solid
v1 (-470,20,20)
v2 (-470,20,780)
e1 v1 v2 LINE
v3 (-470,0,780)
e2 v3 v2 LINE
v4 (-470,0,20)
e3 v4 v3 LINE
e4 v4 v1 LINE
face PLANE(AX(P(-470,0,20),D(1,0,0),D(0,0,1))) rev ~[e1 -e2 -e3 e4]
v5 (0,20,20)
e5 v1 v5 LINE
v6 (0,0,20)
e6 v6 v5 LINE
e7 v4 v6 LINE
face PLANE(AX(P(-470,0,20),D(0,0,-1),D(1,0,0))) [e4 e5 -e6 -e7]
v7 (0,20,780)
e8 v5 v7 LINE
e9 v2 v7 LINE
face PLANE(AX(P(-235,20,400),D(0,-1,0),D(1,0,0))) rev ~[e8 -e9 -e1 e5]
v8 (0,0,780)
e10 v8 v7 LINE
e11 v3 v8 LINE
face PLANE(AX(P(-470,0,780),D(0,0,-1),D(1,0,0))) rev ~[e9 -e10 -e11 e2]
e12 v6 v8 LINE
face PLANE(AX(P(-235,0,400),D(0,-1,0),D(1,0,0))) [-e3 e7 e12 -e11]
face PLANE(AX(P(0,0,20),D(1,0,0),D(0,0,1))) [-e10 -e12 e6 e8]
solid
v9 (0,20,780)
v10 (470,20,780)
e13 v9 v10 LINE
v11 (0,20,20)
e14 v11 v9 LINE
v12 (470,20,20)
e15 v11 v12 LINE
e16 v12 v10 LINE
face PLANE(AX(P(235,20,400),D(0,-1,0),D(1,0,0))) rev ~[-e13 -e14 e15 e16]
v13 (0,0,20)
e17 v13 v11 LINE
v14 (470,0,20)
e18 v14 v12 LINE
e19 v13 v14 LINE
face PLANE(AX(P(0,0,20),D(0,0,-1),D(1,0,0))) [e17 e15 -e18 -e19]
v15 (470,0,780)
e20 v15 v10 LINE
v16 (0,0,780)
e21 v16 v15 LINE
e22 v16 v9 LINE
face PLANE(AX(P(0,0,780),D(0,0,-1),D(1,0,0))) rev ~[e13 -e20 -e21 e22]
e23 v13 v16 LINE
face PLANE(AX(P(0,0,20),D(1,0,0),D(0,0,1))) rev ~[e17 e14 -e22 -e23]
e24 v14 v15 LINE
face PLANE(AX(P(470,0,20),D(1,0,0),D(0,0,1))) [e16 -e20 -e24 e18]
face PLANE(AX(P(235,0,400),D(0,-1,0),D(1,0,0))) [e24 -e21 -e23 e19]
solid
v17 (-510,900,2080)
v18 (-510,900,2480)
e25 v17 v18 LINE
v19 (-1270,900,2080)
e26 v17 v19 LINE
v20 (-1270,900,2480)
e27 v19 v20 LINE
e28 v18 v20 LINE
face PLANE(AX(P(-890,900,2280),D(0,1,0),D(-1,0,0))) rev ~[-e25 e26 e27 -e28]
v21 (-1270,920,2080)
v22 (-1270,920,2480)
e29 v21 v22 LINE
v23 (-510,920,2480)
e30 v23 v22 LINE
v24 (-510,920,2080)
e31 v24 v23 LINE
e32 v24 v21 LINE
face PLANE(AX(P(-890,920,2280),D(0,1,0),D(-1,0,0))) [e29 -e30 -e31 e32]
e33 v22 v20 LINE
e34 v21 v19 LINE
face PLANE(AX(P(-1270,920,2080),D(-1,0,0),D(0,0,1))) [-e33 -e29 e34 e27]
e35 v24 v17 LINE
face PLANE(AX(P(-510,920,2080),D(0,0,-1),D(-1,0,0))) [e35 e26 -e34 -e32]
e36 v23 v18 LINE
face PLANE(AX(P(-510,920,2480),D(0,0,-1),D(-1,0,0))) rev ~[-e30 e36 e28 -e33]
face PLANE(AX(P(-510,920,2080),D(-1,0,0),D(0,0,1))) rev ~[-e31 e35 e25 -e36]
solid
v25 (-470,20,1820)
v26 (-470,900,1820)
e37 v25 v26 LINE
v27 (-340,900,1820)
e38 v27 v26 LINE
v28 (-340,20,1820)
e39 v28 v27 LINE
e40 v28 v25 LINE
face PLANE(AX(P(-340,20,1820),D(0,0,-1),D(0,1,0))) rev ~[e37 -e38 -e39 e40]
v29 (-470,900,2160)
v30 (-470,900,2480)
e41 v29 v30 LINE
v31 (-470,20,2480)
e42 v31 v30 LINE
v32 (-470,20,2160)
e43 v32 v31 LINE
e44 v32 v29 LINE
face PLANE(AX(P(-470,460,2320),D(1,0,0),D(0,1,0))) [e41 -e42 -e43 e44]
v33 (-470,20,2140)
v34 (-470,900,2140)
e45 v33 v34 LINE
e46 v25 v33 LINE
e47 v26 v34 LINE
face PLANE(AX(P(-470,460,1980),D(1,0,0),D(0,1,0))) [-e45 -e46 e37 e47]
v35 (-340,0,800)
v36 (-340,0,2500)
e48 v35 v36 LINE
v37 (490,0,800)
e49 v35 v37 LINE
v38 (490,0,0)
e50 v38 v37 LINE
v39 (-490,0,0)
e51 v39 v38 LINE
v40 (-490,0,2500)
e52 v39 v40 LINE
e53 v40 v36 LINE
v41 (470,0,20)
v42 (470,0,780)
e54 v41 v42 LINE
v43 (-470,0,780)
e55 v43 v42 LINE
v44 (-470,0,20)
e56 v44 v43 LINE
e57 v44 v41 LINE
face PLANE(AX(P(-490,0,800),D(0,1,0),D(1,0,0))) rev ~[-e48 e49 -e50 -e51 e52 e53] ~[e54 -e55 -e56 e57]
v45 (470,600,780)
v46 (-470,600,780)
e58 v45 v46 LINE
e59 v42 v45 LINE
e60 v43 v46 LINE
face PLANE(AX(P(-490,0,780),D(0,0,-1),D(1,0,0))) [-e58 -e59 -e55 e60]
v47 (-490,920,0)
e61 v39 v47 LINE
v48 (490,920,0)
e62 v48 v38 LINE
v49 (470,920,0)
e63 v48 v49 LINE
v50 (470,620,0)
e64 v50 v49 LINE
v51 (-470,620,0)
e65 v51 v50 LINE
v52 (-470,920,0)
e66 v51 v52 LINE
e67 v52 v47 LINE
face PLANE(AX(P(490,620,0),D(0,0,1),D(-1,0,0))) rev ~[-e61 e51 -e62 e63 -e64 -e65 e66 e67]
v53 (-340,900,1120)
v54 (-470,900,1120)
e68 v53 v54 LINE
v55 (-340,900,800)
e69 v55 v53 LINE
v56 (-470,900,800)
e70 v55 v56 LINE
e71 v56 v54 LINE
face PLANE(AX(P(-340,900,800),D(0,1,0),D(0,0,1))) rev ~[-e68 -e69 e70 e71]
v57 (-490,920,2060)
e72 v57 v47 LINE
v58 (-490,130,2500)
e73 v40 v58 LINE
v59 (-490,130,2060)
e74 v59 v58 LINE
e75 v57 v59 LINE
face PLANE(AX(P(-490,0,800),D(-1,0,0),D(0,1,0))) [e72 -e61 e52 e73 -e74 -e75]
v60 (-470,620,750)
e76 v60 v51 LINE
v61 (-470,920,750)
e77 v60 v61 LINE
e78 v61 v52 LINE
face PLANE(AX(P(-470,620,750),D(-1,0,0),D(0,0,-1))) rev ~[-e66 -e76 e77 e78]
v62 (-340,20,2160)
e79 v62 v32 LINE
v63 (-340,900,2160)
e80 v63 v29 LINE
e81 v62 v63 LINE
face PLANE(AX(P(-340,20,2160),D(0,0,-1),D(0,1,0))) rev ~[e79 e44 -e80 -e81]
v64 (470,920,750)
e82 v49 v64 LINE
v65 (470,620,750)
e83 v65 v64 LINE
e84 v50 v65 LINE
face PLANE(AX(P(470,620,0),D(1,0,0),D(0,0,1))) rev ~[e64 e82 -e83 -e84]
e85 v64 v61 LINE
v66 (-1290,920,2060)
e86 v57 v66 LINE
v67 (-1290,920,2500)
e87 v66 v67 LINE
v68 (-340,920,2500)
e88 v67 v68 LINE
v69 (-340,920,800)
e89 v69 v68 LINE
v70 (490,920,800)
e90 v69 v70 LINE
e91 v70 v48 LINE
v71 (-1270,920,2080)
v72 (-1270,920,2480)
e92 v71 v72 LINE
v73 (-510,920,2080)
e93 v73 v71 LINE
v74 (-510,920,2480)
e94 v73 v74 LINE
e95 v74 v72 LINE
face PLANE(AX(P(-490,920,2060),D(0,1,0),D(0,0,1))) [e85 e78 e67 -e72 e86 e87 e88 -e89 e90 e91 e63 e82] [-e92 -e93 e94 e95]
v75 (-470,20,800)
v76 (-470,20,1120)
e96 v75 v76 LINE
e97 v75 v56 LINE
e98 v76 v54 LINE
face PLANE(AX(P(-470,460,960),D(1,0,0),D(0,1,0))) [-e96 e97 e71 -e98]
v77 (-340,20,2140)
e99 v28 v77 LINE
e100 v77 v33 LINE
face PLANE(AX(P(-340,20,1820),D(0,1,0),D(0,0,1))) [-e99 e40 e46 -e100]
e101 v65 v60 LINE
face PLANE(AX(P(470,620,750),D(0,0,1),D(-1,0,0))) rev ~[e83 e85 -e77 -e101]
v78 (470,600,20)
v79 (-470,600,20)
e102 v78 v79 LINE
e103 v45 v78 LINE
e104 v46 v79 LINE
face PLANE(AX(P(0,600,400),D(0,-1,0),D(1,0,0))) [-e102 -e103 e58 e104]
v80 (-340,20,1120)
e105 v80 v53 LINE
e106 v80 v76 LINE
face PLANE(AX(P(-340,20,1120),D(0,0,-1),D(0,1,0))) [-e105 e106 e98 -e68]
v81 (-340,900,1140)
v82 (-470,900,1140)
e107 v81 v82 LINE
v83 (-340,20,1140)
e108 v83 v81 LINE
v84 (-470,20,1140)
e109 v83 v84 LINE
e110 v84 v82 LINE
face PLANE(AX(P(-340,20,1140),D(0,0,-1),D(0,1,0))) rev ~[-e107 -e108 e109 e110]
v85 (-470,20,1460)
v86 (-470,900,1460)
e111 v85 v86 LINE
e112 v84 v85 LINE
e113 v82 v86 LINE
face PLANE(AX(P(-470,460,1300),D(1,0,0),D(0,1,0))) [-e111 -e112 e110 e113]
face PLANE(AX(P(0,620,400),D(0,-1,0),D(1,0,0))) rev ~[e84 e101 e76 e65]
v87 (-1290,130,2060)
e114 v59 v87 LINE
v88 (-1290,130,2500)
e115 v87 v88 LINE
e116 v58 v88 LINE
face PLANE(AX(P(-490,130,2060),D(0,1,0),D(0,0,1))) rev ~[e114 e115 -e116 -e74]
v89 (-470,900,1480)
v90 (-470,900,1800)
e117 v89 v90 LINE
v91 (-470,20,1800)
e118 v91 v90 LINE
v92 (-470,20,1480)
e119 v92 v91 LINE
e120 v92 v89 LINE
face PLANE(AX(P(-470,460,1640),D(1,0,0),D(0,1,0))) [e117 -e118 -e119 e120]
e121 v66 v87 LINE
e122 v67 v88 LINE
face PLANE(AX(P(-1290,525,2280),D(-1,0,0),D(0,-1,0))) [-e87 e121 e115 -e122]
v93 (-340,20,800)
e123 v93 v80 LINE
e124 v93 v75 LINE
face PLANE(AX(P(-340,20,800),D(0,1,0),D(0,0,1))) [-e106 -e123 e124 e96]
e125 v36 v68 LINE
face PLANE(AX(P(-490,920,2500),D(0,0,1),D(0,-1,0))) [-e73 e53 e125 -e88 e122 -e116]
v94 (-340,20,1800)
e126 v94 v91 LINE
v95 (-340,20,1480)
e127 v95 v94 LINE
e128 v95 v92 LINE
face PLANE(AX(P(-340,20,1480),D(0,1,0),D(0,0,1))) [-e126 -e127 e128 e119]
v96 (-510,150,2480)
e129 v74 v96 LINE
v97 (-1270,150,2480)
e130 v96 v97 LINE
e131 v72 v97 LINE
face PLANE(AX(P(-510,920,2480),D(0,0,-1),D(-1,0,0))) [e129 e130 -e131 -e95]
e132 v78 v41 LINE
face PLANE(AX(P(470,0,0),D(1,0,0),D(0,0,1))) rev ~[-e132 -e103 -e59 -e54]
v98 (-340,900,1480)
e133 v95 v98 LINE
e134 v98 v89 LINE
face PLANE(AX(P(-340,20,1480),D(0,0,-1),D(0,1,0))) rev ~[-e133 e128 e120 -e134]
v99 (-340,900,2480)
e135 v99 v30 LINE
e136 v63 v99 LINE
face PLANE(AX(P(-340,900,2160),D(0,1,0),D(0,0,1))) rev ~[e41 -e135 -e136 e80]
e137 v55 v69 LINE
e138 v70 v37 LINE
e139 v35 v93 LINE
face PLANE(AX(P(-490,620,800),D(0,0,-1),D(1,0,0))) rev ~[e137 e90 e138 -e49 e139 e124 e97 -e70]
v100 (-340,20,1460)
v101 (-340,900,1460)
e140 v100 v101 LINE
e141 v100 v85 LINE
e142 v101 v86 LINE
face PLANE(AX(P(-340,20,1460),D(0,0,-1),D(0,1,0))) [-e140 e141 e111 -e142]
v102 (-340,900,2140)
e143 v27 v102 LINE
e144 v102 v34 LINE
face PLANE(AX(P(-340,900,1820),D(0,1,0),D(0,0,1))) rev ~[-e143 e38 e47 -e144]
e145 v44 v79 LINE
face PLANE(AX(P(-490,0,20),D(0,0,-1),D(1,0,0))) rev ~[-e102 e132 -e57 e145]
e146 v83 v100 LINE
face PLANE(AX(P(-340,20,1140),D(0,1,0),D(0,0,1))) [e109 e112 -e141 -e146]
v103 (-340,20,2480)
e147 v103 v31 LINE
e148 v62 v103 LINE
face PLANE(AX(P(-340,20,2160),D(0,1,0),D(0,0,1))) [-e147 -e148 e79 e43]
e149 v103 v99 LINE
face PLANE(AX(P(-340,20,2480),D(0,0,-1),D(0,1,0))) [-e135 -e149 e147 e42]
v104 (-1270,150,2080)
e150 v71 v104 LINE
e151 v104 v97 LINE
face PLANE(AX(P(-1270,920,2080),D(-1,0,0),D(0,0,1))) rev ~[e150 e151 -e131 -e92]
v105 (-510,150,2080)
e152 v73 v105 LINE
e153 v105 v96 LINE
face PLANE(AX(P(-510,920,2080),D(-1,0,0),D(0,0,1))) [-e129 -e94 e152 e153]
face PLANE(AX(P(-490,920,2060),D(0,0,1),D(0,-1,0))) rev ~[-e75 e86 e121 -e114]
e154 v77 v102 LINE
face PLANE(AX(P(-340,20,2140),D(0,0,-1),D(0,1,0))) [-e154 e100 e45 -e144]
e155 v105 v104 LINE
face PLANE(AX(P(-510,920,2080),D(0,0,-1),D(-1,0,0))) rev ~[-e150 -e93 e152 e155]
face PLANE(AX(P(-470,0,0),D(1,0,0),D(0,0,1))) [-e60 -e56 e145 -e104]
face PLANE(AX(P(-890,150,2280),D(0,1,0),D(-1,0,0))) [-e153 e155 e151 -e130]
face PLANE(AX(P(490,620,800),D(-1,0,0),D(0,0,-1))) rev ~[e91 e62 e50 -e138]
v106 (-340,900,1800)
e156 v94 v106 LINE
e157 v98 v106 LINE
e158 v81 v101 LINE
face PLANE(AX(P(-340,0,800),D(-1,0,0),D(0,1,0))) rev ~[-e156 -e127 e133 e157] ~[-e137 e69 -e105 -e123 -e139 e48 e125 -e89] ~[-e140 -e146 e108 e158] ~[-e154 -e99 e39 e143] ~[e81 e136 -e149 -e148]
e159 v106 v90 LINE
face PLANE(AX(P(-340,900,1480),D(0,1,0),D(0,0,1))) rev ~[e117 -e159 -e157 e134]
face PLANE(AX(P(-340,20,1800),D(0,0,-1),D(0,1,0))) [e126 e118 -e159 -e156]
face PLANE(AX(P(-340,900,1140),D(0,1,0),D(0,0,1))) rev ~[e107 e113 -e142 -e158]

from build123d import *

# Parameters (mm, degrees)
F0_W      = 980
F0_H      = 800
F0_W_2    = 470
F0_H_2    = 760
F1_DEPTH  = 620
F2_T      = -20
F3_DEPTH  = 20
F4_DEPTH  = 20
F6_DEPTH  = 300
F7_W      = 150
F7_H      = 920
F8_DEPTH  = 1700
F9_W      = 880
F9_H      = 320
F10_DEPTH = 130
F11_W     = 790
F11_H     = 440
F12_DEPTH = 800
F13_W     = 760
F13_H     = 400
F14_DEPTH = 770
F15_DEPTH = 20


with BuildPart() as f1:
    # F0 (on Front) → F1 (new body)
    with BuildSketch(Plane.XZ):
        with Locations((0, 400)):
            Rectangle(F0_W, F0_H)
        Polygon((-470, 20), (-470, 780), (0, 780), (470, 780), (470, 20), (0, 20), align=None, mode=Mode.SUBTRACT)
        with Locations((-235, 400)):
            Rectangle(F0_W_2, F0_H_2)
        with Locations((235, 400)):
            Rectangle(F0_W_2, F0_H_2)
    extrude(amount=-F1_DEPTH)

    # F2
    f2_openings = [f1.faces().sort_by_distance(p)[0] for p in [
        (0, 0, 400),
    ]]
    offset(amount=F2_T, openings=f2_openings)

    # F5 (on face) → F6 (join)
    with BuildSketch(Plane(origin=(0, 620, 0), x_dir=(-1, 0, 0), z_dir=(0, 1, 0))):
        Polygon((-490, 0), (-470, 0), (-470, 750), (470, 750), (470, 0), (490, 0), (490, 800), (-490, 800), align=None)
    extrude(amount=F6_DEPTH)

    # F7 (on face) → F8 (join)
    with BuildSketch(Plane.XY.offset(800)):
        with Locations((-415, 460)):
            Rectangle(F7_W, F7_H)
    extrude(amount=F8_DEPTH)

    # F9 (on face) → F10 (cut, through all)
    with BuildSketch(Plane.YZ.offset(-340)):
        with Locations((460, 960)):
            Rectangle(F9_W, F9_H)
        with Locations((460, 1300)):
            Rectangle(F9_W, F9_H)
        with Locations((460, 1640)):
            Rectangle(F9_W, F9_H)
        with Locations((460, 1980)):
            Rectangle(F9_W, F9_H)
        with Locations((460, 2320)):
            Rectangle(F9_W, F9_H)
    extrude(amount=-F10_DEPTH, mode=Mode.SUBTRACT)

    # F11 (on face) → F12 (join)
    with BuildSketch(Plane(origin=(-490, 0, 0), x_dir=(0, -1, 0), z_dir=(-1, 0, 0))):
        with Locations((-525, 2280)):
            Rectangle(F11_W, F11_H)
    extrude(amount=F12_DEPTH)

    # F13 (on face) → F14 (cut, through all)
    with BuildSketch(Plane(origin=(0, 920, 0), x_dir=(-1, 0, 0), z_dir=(0, 1, 0))):
        with Locations((890, 2280)):
            Rectangle(F13_W, F13_H)
    extrude(amount=-F14_DEPTH, mode=Mode.SUBTRACT)


with BuildPart() as f3:
    # F0 (on Front) → F3 (new body)
    with BuildSketch(Plane.XZ):
        with Locations((-235, 400)):
            Rectangle(F0_W_2, F0_H_2)
    extrude(amount=-F3_DEPTH)


with BuildPart() as f4:
    # F0 (on Front) → F4 (new body)
    with BuildSketch(Plane.XZ):
        with Locations((235, 400)):
            Rectangle(F0_W_2, F0_H_2)
    extrude(amount=-F4_DEPTH)


with BuildPart() as f15:
    # F13 (on face) → F15 (new body)
    with BuildSketch(Plane(origin=(0, 920, 0), x_dir=(-1, 0, 0), z_dir=(0, 1, 0))):
        with Locations((890, 2280)):
            Rectangle(F13_W, F13_H)
    extrude(amount=-F15_DEPTH)


solid = Compound([f1.part, f3.part, f4.part, f15.part])
